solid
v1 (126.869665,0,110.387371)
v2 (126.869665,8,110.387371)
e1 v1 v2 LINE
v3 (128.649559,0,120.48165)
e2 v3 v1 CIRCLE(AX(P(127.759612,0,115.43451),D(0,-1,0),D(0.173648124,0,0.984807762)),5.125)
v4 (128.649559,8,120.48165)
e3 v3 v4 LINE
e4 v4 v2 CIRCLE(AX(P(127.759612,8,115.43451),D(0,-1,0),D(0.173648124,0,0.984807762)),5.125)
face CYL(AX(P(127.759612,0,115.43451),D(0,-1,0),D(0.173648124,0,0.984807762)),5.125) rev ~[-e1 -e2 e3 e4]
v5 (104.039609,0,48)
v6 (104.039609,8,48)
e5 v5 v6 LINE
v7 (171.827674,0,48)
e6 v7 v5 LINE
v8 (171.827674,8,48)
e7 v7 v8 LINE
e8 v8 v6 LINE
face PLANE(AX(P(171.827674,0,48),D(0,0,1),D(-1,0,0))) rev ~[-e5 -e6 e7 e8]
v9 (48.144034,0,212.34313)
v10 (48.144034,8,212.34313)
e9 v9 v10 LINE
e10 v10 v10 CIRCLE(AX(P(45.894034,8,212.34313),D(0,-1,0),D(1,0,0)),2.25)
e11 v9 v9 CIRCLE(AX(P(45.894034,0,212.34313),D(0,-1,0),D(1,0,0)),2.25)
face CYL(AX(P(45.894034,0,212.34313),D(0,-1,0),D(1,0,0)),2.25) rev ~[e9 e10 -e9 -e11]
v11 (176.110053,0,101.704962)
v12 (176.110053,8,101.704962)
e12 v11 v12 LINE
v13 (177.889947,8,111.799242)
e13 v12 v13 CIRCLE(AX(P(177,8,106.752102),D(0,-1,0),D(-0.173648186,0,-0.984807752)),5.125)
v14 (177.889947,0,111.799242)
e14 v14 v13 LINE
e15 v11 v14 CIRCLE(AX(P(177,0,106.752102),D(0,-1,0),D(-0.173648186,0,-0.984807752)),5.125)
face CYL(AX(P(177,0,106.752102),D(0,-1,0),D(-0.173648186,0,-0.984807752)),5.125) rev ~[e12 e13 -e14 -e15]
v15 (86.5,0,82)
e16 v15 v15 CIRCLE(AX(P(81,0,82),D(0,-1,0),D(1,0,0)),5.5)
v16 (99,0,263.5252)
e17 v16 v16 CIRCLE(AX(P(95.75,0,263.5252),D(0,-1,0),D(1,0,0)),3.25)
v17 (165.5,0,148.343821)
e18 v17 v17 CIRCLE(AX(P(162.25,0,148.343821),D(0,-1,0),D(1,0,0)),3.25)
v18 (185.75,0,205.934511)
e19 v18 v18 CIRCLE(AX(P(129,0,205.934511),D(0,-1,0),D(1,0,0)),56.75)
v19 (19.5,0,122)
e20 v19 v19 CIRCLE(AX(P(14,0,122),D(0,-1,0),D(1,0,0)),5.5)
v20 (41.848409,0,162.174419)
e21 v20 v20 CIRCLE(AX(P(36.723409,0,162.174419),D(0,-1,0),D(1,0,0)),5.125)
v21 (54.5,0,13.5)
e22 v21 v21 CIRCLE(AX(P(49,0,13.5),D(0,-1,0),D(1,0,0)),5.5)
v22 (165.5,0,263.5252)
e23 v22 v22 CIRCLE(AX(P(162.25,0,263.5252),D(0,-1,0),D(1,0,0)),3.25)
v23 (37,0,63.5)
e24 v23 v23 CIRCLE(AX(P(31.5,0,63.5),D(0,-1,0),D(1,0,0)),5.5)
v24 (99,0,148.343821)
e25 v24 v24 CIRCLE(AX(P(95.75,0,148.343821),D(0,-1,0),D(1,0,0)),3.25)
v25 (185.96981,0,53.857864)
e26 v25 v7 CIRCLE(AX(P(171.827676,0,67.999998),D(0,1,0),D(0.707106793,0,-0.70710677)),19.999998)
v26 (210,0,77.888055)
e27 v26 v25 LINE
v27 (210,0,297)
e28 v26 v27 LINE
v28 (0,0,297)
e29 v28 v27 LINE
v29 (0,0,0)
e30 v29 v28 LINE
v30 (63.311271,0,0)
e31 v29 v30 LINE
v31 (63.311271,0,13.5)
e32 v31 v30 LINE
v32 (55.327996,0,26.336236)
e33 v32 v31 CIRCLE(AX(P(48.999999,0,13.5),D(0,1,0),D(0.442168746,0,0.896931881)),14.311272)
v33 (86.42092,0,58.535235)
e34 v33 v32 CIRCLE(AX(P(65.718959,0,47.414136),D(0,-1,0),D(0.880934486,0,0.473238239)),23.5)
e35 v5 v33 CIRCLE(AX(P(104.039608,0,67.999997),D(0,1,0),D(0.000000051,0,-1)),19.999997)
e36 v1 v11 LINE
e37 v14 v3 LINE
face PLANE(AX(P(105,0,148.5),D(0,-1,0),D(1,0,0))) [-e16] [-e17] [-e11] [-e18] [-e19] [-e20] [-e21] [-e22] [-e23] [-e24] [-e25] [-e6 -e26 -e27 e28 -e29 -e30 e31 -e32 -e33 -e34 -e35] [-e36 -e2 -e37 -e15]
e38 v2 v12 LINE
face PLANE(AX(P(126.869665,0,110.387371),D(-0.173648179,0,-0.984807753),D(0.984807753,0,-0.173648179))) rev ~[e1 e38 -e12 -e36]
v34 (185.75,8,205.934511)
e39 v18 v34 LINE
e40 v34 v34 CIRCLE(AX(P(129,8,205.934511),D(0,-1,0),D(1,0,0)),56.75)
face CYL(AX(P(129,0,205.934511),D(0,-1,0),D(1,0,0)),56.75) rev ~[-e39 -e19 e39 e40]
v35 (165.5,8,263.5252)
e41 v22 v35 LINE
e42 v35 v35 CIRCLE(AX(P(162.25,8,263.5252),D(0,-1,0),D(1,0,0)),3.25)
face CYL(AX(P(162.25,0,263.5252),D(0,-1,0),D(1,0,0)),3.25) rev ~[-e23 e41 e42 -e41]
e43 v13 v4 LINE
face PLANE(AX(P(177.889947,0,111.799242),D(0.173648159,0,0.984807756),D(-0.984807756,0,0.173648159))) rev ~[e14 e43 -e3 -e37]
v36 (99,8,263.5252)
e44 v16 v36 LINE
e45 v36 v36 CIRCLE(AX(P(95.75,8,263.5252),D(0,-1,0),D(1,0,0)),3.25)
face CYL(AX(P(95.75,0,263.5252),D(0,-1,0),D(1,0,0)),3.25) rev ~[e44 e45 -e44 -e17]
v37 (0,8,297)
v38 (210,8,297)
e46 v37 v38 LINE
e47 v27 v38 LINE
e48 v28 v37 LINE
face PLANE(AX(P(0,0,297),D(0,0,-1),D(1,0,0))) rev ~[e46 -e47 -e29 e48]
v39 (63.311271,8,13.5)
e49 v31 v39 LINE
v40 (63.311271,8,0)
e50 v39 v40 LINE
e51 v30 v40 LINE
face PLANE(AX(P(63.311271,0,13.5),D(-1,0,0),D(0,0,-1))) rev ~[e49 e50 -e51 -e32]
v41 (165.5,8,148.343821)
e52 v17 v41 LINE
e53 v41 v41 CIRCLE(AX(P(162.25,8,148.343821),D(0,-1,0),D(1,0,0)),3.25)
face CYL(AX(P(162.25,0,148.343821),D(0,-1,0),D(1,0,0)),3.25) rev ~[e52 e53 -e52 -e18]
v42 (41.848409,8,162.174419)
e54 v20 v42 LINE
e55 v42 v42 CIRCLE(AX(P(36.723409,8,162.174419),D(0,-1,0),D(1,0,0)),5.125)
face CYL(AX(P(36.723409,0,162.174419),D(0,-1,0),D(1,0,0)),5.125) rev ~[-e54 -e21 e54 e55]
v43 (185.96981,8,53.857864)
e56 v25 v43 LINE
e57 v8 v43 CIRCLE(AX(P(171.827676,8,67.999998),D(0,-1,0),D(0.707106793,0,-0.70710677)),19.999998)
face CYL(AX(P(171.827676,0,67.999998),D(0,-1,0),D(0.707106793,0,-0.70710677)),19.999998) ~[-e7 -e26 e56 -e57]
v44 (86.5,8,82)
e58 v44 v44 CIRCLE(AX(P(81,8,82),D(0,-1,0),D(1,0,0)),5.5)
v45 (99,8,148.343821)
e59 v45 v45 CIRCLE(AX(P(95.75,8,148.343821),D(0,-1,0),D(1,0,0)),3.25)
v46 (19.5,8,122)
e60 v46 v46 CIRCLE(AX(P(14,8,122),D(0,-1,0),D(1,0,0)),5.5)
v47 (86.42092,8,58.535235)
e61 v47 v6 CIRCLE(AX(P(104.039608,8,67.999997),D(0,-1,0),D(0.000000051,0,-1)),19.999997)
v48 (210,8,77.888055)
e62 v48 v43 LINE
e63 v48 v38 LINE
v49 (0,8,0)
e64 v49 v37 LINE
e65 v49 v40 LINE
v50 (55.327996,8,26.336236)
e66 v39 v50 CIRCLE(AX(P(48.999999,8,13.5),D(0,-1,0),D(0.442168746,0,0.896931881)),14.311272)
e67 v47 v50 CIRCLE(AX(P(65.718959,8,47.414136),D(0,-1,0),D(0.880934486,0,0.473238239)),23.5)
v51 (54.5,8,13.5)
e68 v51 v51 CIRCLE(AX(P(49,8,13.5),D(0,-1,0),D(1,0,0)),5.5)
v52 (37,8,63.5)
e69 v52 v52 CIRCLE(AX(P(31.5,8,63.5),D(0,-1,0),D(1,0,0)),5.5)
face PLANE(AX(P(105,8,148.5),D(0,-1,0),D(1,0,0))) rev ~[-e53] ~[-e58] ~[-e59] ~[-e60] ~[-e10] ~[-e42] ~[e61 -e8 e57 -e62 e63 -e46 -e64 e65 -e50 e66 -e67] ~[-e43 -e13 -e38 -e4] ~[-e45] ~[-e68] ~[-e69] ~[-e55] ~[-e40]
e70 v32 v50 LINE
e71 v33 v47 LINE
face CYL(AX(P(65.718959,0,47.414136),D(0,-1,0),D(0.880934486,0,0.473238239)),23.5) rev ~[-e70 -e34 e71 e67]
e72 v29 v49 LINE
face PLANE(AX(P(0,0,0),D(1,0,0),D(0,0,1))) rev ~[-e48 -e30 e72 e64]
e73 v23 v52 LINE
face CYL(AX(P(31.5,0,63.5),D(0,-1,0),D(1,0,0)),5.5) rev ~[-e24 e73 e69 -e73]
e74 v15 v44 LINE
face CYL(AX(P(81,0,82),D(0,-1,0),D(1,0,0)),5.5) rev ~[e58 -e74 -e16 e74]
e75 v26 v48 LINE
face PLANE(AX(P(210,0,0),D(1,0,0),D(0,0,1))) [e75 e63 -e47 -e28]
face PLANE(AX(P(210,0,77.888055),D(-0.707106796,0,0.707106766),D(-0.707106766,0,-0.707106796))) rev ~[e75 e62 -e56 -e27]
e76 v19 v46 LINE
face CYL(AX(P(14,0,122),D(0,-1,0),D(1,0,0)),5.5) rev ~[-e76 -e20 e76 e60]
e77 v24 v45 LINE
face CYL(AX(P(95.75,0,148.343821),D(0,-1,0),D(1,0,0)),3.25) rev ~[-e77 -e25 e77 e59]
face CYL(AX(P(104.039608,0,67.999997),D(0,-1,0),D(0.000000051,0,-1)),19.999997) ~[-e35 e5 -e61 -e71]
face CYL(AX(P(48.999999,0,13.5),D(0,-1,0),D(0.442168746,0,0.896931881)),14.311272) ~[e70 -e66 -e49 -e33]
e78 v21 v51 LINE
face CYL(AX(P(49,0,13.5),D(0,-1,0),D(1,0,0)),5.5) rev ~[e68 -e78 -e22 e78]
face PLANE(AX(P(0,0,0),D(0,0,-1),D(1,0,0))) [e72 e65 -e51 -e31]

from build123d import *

# Parameters (mm, degrees)
F0_W     = 210
F0_H     = 297
F1_DEPTH = 8
F2_R     = 5.5
F3_DEPTH = 8.001
F4_R     = 56.75
F4_R_2   = 3.25
F5_DEPTH = 8.001
F6_R     = 5.125
F6_R_2   = 2.25
F7_DEPTH = 8.001


with BuildPart() as f1:
    # F0 (on Front) → F1 (new body)
    with BuildSketch(Plane.XZ):
        with Locations((105, 148.5)):
            Rectangle(F0_W, F0_H)
    extrude(amount=-F1_DEPTH)

    # F2 (on face) → F3 (cut, through all)
    with BuildSketch(Plane.XZ):
        with Locations((14, 122)):
            Circle(F2_R)
        with Locations((31.5, 63.5)):
            Circle(F2_R)
        with Locations((81, 82)):
            Circle(F2_R)
        with Locations((49, 13.5)):
            Circle(F2_R)
        with BuildLine():
            ThreePointArc((104.039609, 48), (93.77548, 50.834696), (86.42092, 58.535235))
            ThreePointArc((86.42092, 58.535235), (48.814136, 63.738258), (55.327996, 26.336236))
            ThreePointArc((55.327996, 26.336236), (61.152657, 21.058135), (63.311271, 13.5))
            Line((63.311271, 13.5), (63.311271, 0))
            Line((63.311271, 0), (210, 0))
            Line((210, 0), (210, 77.888055))
            Line((210, 77.888055), (185.96981, 53.857864))
            ThreePointArc((185.96981, 53.857864), (179.481343, 49.522409), (171.827674, 48))
            Line((171.827674, 48), (104.039609, 48))
        make_face()
    extrude(amount=-F3_DEPTH, mode=Mode.SUBTRACT)

    # F4 (on face) → F5 (cut, through all)
    with BuildSketch(Plane.XZ):
        with Locations((129, 205.934511)):
            Circle(F4_R)
        with Locations((95.75, 263.5252)):
            Circle(F4_R_2)
        with Locations((162.25, 263.5252)):
            Circle(F4_R_2)
        with Locations((95.75, 148.343821)):
            Circle(F4_R_2)
        with Locations((162.25, 148.343821)):
            Circle(F4_R_2)
    extrude(amount=-F5_DEPTH, mode=Mode.SUBTRACT)

    # F6 (on face) → F7 (cut, through all)
    with BuildSketch(Plane.XZ):
        with BuildLine():
            Line((177.889947, 111.799242), (128.649559, 120.48165))
            ThreePointArc((128.649559, 120.48165), (122.712473, 116.324458), (126.869665, 110.387371))
            Line((126.869665, 110.387371), (176.110053, 101.704962))
            ThreePointArc((176.110053, 101.704962), (182.04714, 105.862155), (177.889947, 111.799242))
        make_face()
        with Locations((36.723409, 162.174419)):
            Circle(F6_R)
        with Locations((45.894034, 212.34313)):
            Circle(F6_R_2)
    extrude(amount=-F7_DEPTH, mode=Mode.SUBTRACT)


solid = f1.part
